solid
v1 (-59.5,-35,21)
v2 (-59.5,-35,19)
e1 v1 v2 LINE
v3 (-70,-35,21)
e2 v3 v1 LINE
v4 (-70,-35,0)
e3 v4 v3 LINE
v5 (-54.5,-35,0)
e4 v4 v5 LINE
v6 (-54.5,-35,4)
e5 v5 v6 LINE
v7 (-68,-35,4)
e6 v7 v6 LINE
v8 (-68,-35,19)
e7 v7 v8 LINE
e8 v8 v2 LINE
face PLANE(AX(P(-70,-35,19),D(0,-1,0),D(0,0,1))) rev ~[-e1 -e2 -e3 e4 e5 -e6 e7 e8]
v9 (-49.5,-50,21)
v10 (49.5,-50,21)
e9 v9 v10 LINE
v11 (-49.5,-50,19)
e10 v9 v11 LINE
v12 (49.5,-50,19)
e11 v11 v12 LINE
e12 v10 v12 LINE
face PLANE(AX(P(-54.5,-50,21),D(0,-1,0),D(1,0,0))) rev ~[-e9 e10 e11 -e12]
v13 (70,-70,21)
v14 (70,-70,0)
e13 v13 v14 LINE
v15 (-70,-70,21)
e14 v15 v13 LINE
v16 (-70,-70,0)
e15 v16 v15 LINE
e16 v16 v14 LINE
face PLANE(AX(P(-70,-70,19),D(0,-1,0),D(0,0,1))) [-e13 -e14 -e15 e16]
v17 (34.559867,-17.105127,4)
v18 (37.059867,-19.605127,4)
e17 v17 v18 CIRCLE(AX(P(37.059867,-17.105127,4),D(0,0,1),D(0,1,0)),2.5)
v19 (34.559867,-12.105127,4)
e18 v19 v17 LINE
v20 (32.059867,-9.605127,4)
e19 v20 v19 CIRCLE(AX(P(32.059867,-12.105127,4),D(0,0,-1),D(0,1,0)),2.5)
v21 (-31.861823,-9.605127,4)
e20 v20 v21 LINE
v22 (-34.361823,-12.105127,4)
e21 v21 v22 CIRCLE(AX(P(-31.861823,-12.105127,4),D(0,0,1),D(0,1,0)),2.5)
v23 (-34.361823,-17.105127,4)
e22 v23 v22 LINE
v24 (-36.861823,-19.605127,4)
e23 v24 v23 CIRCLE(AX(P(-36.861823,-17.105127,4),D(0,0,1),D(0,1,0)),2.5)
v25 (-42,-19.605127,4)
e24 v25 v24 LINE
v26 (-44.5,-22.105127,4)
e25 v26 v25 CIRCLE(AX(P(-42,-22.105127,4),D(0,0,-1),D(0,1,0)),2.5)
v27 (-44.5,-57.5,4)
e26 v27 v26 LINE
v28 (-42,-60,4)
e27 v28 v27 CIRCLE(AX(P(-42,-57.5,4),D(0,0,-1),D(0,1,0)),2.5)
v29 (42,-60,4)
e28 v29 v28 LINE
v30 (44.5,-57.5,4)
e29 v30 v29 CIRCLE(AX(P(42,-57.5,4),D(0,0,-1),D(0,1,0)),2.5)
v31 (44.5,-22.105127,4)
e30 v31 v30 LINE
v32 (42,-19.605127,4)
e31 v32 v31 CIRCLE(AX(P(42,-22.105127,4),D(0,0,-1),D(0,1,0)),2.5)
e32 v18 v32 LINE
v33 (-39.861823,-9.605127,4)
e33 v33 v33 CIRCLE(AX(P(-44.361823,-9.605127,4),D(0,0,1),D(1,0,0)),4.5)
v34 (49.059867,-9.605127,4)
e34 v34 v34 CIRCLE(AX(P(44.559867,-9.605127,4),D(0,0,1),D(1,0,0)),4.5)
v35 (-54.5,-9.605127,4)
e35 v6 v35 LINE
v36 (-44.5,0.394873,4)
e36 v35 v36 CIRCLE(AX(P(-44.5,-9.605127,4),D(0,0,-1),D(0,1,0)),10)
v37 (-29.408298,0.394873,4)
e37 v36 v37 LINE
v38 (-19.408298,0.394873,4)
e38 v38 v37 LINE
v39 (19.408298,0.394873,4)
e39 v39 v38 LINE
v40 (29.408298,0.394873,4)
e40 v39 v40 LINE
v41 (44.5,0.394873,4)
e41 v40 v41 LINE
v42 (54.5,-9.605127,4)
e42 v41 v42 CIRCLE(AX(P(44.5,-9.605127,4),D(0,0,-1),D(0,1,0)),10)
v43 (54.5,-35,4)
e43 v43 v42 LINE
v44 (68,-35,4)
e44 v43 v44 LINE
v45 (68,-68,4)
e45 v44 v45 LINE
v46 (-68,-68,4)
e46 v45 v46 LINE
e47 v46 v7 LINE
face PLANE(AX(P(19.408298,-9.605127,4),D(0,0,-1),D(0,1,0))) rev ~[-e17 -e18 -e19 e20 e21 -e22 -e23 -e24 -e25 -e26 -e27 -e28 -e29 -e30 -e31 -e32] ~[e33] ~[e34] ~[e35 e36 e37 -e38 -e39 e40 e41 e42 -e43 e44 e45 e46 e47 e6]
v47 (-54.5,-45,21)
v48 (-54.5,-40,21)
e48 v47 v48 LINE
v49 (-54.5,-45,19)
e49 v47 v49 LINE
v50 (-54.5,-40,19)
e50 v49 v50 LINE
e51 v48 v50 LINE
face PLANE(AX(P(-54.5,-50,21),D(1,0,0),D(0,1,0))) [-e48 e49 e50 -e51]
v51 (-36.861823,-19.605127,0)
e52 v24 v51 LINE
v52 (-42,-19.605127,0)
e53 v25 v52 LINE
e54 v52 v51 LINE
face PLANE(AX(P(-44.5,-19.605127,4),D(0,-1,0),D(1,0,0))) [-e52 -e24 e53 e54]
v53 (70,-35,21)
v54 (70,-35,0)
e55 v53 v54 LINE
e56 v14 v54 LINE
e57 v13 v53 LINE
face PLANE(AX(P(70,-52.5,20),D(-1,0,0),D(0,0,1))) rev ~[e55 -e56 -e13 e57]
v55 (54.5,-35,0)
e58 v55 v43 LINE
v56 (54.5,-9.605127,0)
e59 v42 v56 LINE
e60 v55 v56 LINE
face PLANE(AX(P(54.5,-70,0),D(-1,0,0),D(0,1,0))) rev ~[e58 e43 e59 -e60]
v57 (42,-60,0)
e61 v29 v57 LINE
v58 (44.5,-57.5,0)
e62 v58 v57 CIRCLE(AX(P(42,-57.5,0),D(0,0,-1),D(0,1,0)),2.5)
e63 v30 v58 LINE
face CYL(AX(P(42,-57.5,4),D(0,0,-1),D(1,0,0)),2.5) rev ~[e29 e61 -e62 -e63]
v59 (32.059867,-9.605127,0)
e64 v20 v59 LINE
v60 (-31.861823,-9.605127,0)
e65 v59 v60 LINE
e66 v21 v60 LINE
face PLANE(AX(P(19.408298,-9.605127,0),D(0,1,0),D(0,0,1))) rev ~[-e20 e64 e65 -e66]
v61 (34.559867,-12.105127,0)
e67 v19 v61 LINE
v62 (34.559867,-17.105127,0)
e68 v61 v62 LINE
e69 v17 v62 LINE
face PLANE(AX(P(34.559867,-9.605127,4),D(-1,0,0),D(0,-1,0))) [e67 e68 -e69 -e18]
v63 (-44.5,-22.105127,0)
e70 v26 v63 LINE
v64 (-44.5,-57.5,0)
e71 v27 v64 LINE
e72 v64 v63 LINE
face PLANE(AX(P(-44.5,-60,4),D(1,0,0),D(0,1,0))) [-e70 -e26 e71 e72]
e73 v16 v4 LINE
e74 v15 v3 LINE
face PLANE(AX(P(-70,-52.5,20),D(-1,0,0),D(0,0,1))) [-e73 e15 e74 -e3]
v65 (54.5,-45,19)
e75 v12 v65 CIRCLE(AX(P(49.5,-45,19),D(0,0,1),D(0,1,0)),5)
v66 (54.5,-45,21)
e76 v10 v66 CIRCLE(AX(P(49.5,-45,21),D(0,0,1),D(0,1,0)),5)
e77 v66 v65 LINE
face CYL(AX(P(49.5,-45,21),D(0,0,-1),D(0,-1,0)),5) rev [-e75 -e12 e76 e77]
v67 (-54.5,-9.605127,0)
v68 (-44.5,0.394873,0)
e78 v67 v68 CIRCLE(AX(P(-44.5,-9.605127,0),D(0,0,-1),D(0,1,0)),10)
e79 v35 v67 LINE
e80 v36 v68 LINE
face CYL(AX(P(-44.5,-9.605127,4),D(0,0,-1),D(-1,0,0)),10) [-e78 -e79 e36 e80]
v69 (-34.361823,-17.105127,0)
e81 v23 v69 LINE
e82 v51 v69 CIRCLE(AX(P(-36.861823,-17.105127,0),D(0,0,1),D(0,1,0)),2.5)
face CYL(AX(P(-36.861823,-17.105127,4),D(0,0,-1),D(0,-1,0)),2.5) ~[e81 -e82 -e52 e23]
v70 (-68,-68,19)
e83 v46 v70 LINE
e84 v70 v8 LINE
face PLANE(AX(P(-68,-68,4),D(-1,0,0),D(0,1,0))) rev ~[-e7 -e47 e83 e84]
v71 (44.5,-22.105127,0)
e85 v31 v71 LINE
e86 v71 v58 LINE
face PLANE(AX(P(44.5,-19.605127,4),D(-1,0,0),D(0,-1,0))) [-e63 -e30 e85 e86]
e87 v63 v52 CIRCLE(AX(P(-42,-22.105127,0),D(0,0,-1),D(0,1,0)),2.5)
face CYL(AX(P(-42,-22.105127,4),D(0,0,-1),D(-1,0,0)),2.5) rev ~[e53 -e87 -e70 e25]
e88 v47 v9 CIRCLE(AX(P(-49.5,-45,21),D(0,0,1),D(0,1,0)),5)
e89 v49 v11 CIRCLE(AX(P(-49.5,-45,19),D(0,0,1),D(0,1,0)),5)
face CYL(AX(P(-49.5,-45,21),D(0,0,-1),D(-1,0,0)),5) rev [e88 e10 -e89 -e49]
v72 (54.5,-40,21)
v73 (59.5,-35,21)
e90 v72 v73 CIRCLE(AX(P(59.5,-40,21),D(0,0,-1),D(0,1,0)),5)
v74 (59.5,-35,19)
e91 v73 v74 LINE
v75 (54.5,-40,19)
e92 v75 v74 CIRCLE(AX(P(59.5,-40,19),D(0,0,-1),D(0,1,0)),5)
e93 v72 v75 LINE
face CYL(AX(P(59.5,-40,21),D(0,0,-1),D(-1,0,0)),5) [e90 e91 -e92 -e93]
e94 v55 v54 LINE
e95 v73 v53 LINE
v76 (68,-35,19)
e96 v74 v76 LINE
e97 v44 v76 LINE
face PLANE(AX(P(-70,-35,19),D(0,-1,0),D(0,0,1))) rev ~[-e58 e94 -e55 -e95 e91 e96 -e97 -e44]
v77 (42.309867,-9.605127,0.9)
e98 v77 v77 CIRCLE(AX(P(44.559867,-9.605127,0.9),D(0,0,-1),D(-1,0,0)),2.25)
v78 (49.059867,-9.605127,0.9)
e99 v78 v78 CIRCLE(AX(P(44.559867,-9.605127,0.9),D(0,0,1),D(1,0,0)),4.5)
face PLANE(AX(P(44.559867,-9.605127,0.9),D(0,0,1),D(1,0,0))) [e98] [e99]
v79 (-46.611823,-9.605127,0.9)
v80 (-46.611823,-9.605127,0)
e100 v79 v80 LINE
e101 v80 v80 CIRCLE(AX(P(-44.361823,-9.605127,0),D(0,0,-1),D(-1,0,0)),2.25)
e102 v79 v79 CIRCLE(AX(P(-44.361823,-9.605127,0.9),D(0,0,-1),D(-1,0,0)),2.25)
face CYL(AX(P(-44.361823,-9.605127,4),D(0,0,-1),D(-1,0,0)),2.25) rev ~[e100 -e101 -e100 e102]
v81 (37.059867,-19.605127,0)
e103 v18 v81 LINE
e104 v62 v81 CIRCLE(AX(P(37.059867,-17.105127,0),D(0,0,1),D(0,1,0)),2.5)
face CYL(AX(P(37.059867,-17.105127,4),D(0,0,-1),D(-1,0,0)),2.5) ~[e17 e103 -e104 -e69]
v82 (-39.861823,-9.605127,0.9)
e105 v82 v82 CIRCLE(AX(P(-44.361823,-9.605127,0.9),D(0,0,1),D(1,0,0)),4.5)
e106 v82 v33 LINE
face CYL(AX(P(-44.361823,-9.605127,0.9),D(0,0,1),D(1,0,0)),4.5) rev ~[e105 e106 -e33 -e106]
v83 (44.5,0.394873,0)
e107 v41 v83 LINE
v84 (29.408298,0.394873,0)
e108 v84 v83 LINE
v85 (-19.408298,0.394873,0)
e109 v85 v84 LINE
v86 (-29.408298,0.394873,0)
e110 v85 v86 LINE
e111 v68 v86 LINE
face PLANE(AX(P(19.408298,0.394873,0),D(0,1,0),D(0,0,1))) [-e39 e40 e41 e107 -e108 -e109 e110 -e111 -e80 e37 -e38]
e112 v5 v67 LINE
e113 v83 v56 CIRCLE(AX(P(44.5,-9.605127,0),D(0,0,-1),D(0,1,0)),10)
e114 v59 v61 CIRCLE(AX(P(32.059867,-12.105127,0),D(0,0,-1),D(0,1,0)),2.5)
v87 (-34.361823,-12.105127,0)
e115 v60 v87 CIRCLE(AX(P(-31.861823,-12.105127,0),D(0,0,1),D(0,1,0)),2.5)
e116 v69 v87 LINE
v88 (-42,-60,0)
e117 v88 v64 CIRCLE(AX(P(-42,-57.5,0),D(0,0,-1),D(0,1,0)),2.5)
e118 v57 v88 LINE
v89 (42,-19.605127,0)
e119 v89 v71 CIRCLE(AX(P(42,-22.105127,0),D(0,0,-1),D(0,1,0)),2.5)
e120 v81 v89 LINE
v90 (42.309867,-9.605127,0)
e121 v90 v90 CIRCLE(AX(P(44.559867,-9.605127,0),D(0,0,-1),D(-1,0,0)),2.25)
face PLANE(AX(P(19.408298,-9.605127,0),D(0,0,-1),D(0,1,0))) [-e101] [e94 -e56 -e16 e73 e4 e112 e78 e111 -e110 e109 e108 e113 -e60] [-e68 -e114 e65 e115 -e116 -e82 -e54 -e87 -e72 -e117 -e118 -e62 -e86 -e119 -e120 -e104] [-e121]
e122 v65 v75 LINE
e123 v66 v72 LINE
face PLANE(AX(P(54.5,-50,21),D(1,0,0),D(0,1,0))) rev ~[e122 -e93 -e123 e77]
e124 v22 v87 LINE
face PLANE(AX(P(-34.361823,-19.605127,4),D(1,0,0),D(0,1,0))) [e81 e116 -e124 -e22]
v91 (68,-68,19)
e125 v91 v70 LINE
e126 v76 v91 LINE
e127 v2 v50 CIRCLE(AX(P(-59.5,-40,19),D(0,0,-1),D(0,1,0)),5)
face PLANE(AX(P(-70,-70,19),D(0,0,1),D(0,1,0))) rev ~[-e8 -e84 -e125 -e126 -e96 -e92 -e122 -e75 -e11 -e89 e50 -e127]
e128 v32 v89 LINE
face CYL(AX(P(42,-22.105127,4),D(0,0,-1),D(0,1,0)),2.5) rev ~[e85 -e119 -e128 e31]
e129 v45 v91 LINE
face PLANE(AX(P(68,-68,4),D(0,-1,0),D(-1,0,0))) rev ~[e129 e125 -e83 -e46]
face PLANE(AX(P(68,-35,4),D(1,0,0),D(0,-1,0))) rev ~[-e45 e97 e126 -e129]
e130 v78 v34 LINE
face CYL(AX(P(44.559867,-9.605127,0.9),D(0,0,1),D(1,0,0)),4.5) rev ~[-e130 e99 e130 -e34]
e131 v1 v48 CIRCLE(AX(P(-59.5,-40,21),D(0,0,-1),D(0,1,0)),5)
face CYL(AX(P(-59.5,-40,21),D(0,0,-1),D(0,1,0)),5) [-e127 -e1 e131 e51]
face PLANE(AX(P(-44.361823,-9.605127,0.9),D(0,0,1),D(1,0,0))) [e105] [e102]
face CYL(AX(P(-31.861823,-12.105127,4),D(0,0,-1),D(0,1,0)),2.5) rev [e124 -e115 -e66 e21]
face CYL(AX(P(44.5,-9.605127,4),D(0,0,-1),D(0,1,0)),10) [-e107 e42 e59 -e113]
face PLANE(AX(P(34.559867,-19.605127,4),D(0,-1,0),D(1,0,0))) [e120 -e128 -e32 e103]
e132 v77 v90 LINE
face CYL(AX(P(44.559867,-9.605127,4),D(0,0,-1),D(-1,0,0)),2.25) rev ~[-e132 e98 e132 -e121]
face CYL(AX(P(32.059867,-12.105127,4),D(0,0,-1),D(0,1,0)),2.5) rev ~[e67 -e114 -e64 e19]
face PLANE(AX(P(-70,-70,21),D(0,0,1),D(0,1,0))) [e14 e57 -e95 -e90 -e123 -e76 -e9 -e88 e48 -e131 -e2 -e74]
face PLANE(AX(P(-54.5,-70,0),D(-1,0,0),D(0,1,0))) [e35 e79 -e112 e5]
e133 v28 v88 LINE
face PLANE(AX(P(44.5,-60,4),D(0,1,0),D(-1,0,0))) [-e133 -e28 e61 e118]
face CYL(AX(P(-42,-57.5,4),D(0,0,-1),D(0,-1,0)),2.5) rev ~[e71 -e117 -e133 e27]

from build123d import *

# Parameters (mm, degrees)
SKETCH1_W                                        = 109
SKETCH1_H                                        = 140
BOSS_EXTRUDE1_DEPTH                              = 4
CBORE_FOR_M4_PAN_HEAD_MACHINE_SCREW1_D           = 4.5
CBORE_FOR_M4_PAN_HEAD_MACHINE_SCREW1_CBORE_D     = 9
CBORE_FOR_M4_PAN_HEAD_MACHINE_SCREW1_CBORE_DEPTH = 3.1
SKETCH6_W                                        = 25.091702427
SKETCH6_H                                        = 69.60512686
CUT_EXTRUDE1_DEPTH                               = 89.804560694
SKETCH7_W                                        = 140
SKETCH7_H                                        = 35
BOSS_EXTRUDE2_DEPTH                              = 4
FILLET1_R                                        = 10
BOSS_EXTRUDE3_DEPTH                              = 15
SKETCH9_W                                        = 2
SKETCH9_H                                        = 35
BOSS_EXTRUDE4_DEPTH                              = 140
CUT_EXTRUDE3_DEPTH                               = 101.444014257
SKETCH11_W                                       = 109
SKETCH11_H                                       = 15
CUT_EXTRUDE4_DEPTH                               = 2
FILLET6_R                                        = 5
CUT_EXTRUDE5_REACH                               = 103.198
SKETCH13_W                                       = 4
SKETCH13_H                                       = 73.569558417
CUT_EXTRUDE5_DIRECTION_2_REACH                   = 103.198
SKETCH14_W                                       = 4
SKETCH14_H                                       = 10
BOSS_EXTRUDE5_DEPTH                              = 38.816595147
FILLET9_R                                        = 2.5


with BuildPart() as part:
    # Sketch1 → Boss-Extrude1 (new body)
    with BuildSketch(Plane.XY):
        Rectangle(SKETCH1_W, SKETCH1_H)
    extrude(amount=BOSS_EXTRUDE1_DEPTH)

    # CBORE for M4 Pan Head Machine Screw1 (through all)
    with Locations(Plane.XY.offset(4)):
        with Locations((-19.408297573, 58.521958499), (19.408297573, 58.521958499), (-44.361823025, -9.60512686), (44.559866877, -9.60512686)):
            CounterBoreHole(CBORE_FOR_M4_PAN_HEAD_MACHINE_SCREW1_D / 2, CBORE_FOR_M4_PAN_HEAD_MACHINE_SCREW1_CBORE_D / 2, CBORE_FOR_M4_PAN_HEAD_MACHINE_SCREW1_CBORE_DEPTH)

    # Sketch6 → Cut-Extrude1 (cut, through all)
    with BuildSketch(Plane.XY.offset(4)):
        with Locations((-41.954148786, 35.19743657)):
            Rectangle(SKETCH6_W, SKETCH6_H)
        with Locations((41.954148786, 35.19743657)):
            Rectangle(SKETCH6_W, SKETCH6_H)
    extrude(amount=-CUT_EXTRUDE1_DEPTH, mode=Mode.SUBTRACT)

    # Sketch7 → Boss-Extrude2 (add, through all)
    with BuildSketch(Plane.XY.offset(4)):
        with Locations((0, -52.5)):
            Rectangle(SKETCH7_W, SKETCH7_H)
    extrude(amount=-BOSS_EXTRUDE2_DEPTH)

    # Fillet1
    fillet1_edges = [part.edges().sort_by_distance(p)[0] for p in [
        (-29.408297573, 70, 2),
        (-54.5, 0.39487314, 2),
        (29.408297573, 70, 2),
        (54.5, 0.39487314, 2),
    ]]
    fillet(fillet1_edges, radius=FILLET1_R)

    # Sketch8 → Boss-Extrude3 (add)
    with BuildSketch(Plane.XY.offset(4)):
        Polygon((-70, -35), (-70, -70), (70, -70), (70, -35), (68, -35), (68, -68), (-68, -68), (-68, -35), align=None)
    extrude(amount=BOSS_EXTRUDE3_DEPTH)

    # Sketch9 → Boss-Extrude4 (add, through all)
    with BuildSketch(Plane.ZY.offset(70)):
        with Locations((20, -52.5)):
            Rectangle(SKETCH9_W, SKETCH9_H)
    extrude(amount=-BOSS_EXTRUDE4_DEPTH)

    # Sketch10 → Cut-Extrude3 (cut, through all)
    with BuildSketch(Plane.XY.offset(4)):
        Polygon((-19.408297573, 48.521958499), (-9.408297573, 48.521958499), (-9.408297573, 60), (9.408297573, 60), (9.408297573, 48.521958499), (19.408297573, 48.521958499), (19.408297573, -9.60512686), (34.559866877, -9.60512686), (34.559866877, -19.60512686), (44.5, -19.60512686), (44.5, -60), (-44.5, -60), (-44.5, -19.60512686), (-34.361823025, -19.60512686), (-34.361823025, -9.60512686), (-19.408297573, -9.60512686), align=None)
    extrude(amount=-CUT_EXTRUDE3_DEPTH, mode=Mode.SUBTRACT)

    # Sketch11 → Cut-Extrude4 (cut)
    with BuildSketch(Plane.XY.offset(21)):
        with Locations((0, -42.5)):
            Rectangle(SKETCH11_W, SKETCH11_H)
    extrude(amount=-CUT_EXTRUDE4_DEPTH, mode=Mode.SUBTRACT)

    # Fillet6
    fillet6_edges = [part.edges().sort_by_distance(p)[0] for p in [
        (-54.5, -50, 20),
        (54.5, -50, 20),
        (54.5, -35, 20),
        (-54.5, -35, 20),
    ]]
    fillet(fillet6_edges, radius=FILLET6_R)

    # Cut-Extrude5: up to this face of the body (flat: up to its plane)
    cut_extrude5_end = Plane(part.part.faces().sort_by_distance((-29.408297573, 30.19743657, 2))[0])
    # Sketch13 → Cut-Extrude5 (cut, up to the picked face)
    with BuildSketch(Plane(origin=(0, 0, 0), x_dir=(0, 0, -1), z_dir=(1, 0, 0)), mode=Mode.PRIVATE) as cut_extrude5_sk1:
        with Locations((-2, 37.179652349)):
            Rectangle(SKETCH13_W, SKETCH13_H)
    cut_extrude5_tool1 = split(extrude(cut_extrude5_sk1.sketch, amount=-CUT_EXTRUDE5_REACH, mode=Mode.PRIVATE), bisect_by=cut_extrude5_end, keep=Keep.BOTH, mode=Mode.PRIVATE)
    add(cut_extrude5_tool1.solids().sort_by(Axis((0, 37.179652, 2), (-1, 0, 0)))[0], mode=Mode.SUBTRACT)

    # Cut-Extrude5 direction 2: up to this face of the body (flat: up to its plane)
    cut_extrude5_direction_2_end = Plane(part.part.faces().sort_by_distance((29.408297573, 30.19743657, 2))[0])
    # Sketch13 → Cut-Extrude5 direction 2 (cut, up to the picked face)
    with BuildSketch(Plane(origin=(0, 0, 0), x_dir=(0, 0, -1), z_dir=(1, 0, 0)), mode=Mode.PRIVATE) as cut_extrude5_direction_2_sk1:
        with Locations((-2, 37.179652349)):
            Rectangle(SKETCH13_W, SKETCH13_H)
    cut_extrude5_direction_2_tool1 = split(extrude(cut_extrude5_direction_2_sk1.sketch, amount=CUT_EXTRUDE5_DIRECTION_2_REACH, mode=Mode.PRIVATE), bisect_by=cut_extrude5_direction_2_end, keep=Keep.BOTH, mode=Mode.PRIVATE)
    add(cut_extrude5_direction_2_tool1.solids().sort_by(Axis((0, 37.179652, 2), (1, 0, 0)))[0], mode=Mode.SUBTRACT)

    # Sketch14 → Boss-Extrude5 (add)
    with BuildSketch(Plane.ZY.offset(-19.408297573)):
        with Locations((2, -4.60512686)):
            Rectangle(SKETCH14_W, SKETCH14_H)
    extrude(amount=BOSS_EXTRUDE5_DEPTH)

    # Fillet9
    fillet9_edges = [part.edges().sort_by_distance(p)[0] for p in [
        (34.559866877, -9.60512686, 2),
        (34.559866877, -19.60512686, 2),
        (44.5, -19.60512686, 2),
        (44.5, -60, 2),
        (-44.5, -60, 2),
        (-44.5, -19.60512686, 2),
        (-34.361823025, -19.60512686, 2),
        (-34.361823025, -9.60512686, 2),
    ]]
    fillet(fillet9_edges, radius=FILLET9_R)


solid = part.part
